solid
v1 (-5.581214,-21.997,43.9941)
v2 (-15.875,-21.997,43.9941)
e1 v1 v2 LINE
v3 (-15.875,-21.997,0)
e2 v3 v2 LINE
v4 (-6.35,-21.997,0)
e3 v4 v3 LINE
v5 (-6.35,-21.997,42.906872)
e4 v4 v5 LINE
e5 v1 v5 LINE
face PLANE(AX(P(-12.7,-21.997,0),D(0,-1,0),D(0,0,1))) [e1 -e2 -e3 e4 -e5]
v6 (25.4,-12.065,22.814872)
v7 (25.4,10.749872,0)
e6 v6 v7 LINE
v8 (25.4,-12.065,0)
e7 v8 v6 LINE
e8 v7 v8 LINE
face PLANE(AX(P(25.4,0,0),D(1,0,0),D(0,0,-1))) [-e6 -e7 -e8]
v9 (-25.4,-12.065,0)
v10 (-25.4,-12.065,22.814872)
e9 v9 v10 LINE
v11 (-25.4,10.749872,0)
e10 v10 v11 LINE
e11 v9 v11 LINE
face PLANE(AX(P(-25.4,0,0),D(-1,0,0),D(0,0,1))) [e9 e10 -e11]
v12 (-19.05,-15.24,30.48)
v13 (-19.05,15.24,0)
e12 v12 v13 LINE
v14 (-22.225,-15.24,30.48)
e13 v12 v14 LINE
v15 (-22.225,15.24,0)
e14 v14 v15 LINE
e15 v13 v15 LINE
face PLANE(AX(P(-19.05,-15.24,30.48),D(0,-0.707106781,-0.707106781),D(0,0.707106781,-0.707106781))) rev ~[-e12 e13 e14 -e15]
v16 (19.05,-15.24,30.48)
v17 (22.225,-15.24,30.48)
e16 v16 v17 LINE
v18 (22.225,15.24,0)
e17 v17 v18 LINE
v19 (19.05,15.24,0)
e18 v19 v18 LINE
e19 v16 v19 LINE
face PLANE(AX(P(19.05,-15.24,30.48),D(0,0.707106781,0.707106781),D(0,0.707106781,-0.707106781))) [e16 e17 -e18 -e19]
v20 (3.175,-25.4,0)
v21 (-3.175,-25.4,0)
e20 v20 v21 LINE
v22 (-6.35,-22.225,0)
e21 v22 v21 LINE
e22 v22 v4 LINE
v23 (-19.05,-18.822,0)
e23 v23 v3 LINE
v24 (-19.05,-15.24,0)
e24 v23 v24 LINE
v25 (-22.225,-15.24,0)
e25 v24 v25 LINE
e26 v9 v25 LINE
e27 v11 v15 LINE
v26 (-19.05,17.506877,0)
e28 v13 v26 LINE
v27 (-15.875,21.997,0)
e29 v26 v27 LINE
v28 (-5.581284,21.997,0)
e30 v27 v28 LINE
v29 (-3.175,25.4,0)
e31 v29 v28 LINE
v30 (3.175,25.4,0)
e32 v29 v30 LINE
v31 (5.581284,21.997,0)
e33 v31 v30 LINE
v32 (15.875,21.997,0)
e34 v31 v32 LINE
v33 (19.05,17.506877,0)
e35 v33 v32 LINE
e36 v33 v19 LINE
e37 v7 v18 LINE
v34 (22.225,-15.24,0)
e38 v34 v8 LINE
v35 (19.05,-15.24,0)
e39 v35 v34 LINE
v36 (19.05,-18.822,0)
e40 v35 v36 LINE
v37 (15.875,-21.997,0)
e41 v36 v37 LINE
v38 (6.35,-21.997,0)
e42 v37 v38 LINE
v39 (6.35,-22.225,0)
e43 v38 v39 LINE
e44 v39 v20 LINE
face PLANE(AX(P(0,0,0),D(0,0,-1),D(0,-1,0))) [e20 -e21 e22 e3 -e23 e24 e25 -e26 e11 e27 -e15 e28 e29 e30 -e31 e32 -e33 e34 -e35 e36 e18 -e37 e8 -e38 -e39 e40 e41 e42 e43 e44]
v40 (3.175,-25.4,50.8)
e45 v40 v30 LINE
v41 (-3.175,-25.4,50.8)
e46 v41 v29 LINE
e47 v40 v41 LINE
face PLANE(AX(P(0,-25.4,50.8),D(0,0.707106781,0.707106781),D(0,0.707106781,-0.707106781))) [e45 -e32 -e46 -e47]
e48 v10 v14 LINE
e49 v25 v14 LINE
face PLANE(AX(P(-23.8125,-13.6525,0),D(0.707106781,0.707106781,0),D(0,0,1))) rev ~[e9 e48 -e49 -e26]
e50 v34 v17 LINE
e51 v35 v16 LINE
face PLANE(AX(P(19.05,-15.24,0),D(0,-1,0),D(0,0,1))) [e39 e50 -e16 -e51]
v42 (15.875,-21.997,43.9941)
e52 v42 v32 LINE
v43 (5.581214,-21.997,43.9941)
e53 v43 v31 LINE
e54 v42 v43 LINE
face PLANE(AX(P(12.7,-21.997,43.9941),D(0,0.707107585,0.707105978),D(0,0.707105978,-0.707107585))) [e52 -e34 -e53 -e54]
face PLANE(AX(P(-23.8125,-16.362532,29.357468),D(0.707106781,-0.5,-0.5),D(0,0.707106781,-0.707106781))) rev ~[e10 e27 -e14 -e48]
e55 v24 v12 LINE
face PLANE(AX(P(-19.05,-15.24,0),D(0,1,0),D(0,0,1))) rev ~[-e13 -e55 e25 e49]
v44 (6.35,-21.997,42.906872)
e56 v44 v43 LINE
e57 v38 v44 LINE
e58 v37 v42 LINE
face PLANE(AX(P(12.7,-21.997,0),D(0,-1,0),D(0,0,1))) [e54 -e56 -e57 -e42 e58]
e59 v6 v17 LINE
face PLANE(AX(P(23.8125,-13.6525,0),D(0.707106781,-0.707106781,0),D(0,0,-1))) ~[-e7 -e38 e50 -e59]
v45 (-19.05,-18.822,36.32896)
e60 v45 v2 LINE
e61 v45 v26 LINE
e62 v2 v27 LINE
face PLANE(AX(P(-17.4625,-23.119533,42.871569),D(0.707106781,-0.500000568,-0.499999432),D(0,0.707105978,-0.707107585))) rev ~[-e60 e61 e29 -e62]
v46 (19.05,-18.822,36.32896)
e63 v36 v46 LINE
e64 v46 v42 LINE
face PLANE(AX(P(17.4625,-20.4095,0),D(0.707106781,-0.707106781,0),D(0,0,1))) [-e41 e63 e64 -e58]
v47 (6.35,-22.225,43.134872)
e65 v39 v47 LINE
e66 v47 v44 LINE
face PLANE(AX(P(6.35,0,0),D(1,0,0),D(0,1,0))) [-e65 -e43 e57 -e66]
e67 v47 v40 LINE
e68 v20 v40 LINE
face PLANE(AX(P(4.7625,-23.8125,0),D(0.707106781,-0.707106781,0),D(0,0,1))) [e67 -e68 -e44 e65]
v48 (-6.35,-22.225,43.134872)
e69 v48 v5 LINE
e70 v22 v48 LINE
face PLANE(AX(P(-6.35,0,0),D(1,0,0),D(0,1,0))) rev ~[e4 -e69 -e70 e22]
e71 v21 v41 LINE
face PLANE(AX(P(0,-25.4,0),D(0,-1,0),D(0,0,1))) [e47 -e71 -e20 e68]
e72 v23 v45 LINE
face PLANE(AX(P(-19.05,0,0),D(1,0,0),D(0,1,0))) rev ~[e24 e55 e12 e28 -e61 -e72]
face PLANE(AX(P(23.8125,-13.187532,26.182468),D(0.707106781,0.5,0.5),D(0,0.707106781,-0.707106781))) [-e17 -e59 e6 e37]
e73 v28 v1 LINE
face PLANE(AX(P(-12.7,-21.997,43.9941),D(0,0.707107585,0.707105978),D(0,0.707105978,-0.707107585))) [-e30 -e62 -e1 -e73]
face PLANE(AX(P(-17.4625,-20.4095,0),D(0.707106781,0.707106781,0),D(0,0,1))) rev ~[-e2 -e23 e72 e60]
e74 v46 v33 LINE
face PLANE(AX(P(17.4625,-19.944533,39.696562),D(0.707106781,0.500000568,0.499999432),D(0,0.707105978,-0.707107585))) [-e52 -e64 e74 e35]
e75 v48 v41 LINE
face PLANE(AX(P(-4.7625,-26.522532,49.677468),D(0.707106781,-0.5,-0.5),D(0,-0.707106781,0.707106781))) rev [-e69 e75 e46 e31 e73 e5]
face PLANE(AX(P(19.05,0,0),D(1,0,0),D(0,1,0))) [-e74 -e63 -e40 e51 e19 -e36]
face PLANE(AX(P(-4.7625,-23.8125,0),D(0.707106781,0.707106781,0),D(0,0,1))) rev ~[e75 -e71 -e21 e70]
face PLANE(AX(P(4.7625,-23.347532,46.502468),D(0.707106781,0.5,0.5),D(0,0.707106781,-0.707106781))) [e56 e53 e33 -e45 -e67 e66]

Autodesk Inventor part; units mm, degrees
sketch "Sketch3" plane through (0, 0, 0) normal (0, 0, 1) x (1, 0, 0)
  circle A0 centre (0, 0) radius 25.4
  dimension "d5" = 50.8
ref_plane "Work Plane1" through (12.7, 0, 0) normal (1, 0, 0) x (0, 1, 0)
ref_plane "Work Plane2" through (25.4, 0, 0) normal (1, 0, 0) x (0, 1, 0)
ref_plane "Work Plane4" through (-25.4, 0, 0) normal (1, 0, 0) x (0, 1, 0)
ref_plane "Work Plane3" through (-12.7, 0, 0) normal (1, 0, 0) x (0, 1, 0)
sketch "Sketch4" plane through (25.4, 0, 0) normal (1, 0, 0) x (0, 1, 0)
  line L0 (0, 0) -> (0, 0.0003)
  line L1 (0, 0) -> (0.0003, 0)
  line L2 (0.0003, 0) -> (0, 0.0003)
  dimension "d10" = 0.0003
  dimension "d11" = 0.0003
sketch "Sketch5" plane through (-25.4, 0, 0) normal (1, 0, 0) x (0, 1, 0)
  line L0 (0, 0) -> (0, 0.0003)
  line L1 (0, 0) -> (0.0003, 0)
  line L2 (0.0003, 0) -> (0, 0.0003)
  dimension "d12" = 0.0003
  dimension "d13" = 0.0003
ref_plane "Work Plane5" through (0, 0, 0) normal (1, 0, 0) x (0, 1, 0)
sketch "Sketch6" plane through (-12.7, 0, 0) normal (1, 0, 0) x (0, 1, 0)
  line L0 (0, 0) -> (21.997, 0)
  line L1 (0, 0) -> (-21.997, 0)
  line L2 (-21.997, 0) -> (-21.997, 43.9941)
  line L3 (-21.997, 43.9941) -> (21.997, 0)
  dimension "d15" = 21.9971
  dimension "d16" = 21.9971
  dimension "d17" = 43.9941
sketch "Sketch7" plane through (12.7, 0, 0) normal (1, 0, 0) x (0, 1, 0)
  line L0 (0, 0) -> (21.997, 0)
  line L1 (0, 0) -> (-21.997, 0)
  line L2 (-21.997, 0) -> (-21.997, 43.9941)
  line L3 (-21.997, 43.9941) -> (21.997, 0)
  dimension "d18" = 21.9971
  dimension "d19" = 21.9971
  dimension "d20" = 43.9941
sketch "Sketch8" plane through (0, 0, 0) normal (1, 0, 0) x (0, 1, 0)
  line L0 (0, 0) -> (25.4, 0)
  line L1 (0, 0) -> (-25.4, 0)
  line L2 (-25.4, 0) -> (-25.4, 50.8)
  line L3 (-25.4, 50.8) -> (25.4, 0)
  dimension "d21" = 25.4
  dimension "d22" = 25.4
  dimension "d23" = 50.8
extrude "Extrusion2" add sketch "Sketch8" along normal mid plane 12.7
extrude "Extrusion3" add sketch "Sketch7" along normal mid plane 12.7
extrude "Extrusion4" add sketch "Sketch6" along normal mid plane 12.7
sketch "Sketch9" plane through (19.05, 0, 0) normal (1, 0, 0) x (0, 0, -1)
  line L0 (0, 0) -> (0, 15.24)
  line L1 (0, -21.997) -> (0, 21.997) projected
  line L2 (0, 0) -> (0, -15.24)
  line L3 (0, -15.24) -> (-30.48, -15.24)
  line L4 (-30.48, -15.24) -> (0, 15.24)
  dimension "d40" = 15.24
  dimension "d41" = 15.24
  dimension "d42" = 30.48
sketch "Sketch10" plane through (-19.05, 0, 0) normal (-1, 0, 0) x (0, 0, 1)
  line L0 (0, 0) -> (0, 15.24)
  line L1 (0, -21.997) -> (0, 21.997)
  line L2 (0, 0) -> (0, -15.24)
  line L3 (0, -15.24) -> (-30.48, -15.24)
  line L4 (-30.48, -15.24) -> (0, 15.24)
  line L5 (0, -15.24) -> (30.48, -15.24)
  line L6 (30.48, -15.24) -> (0, 15.24)
  dimension "d43" = 15.24
  dimension "d44" = 15.24
  dimension "d45" = 30.48
extrude "Extrusion5" add sketch "Sketch10" along normal blind 6.35 contours L0 L6 L5 L1
extrude "Extrusion6" add sketch "Sketch9" along normal blind 6.35
chamfer "Chamfer1" distance 3.175 angle 45 12 edges at (19.05, -21.997, 21.997) (25.4, -15.24, 15.24) (25.4, 0, 15.24) (19.05, 0, 21.997) (6.35, -25.4, 25.4) (6.35, 0, 25.4) (-6.35, 0, 25.4) (-6.35, -25.4, 25.4) (-19.05, 0, 21.997) (-19.05, -21.997, 21.997) (-25.4, 0, 15.24) (-25.4, -15.24, 15.24)
properties part number "crossection_3DPrint"
